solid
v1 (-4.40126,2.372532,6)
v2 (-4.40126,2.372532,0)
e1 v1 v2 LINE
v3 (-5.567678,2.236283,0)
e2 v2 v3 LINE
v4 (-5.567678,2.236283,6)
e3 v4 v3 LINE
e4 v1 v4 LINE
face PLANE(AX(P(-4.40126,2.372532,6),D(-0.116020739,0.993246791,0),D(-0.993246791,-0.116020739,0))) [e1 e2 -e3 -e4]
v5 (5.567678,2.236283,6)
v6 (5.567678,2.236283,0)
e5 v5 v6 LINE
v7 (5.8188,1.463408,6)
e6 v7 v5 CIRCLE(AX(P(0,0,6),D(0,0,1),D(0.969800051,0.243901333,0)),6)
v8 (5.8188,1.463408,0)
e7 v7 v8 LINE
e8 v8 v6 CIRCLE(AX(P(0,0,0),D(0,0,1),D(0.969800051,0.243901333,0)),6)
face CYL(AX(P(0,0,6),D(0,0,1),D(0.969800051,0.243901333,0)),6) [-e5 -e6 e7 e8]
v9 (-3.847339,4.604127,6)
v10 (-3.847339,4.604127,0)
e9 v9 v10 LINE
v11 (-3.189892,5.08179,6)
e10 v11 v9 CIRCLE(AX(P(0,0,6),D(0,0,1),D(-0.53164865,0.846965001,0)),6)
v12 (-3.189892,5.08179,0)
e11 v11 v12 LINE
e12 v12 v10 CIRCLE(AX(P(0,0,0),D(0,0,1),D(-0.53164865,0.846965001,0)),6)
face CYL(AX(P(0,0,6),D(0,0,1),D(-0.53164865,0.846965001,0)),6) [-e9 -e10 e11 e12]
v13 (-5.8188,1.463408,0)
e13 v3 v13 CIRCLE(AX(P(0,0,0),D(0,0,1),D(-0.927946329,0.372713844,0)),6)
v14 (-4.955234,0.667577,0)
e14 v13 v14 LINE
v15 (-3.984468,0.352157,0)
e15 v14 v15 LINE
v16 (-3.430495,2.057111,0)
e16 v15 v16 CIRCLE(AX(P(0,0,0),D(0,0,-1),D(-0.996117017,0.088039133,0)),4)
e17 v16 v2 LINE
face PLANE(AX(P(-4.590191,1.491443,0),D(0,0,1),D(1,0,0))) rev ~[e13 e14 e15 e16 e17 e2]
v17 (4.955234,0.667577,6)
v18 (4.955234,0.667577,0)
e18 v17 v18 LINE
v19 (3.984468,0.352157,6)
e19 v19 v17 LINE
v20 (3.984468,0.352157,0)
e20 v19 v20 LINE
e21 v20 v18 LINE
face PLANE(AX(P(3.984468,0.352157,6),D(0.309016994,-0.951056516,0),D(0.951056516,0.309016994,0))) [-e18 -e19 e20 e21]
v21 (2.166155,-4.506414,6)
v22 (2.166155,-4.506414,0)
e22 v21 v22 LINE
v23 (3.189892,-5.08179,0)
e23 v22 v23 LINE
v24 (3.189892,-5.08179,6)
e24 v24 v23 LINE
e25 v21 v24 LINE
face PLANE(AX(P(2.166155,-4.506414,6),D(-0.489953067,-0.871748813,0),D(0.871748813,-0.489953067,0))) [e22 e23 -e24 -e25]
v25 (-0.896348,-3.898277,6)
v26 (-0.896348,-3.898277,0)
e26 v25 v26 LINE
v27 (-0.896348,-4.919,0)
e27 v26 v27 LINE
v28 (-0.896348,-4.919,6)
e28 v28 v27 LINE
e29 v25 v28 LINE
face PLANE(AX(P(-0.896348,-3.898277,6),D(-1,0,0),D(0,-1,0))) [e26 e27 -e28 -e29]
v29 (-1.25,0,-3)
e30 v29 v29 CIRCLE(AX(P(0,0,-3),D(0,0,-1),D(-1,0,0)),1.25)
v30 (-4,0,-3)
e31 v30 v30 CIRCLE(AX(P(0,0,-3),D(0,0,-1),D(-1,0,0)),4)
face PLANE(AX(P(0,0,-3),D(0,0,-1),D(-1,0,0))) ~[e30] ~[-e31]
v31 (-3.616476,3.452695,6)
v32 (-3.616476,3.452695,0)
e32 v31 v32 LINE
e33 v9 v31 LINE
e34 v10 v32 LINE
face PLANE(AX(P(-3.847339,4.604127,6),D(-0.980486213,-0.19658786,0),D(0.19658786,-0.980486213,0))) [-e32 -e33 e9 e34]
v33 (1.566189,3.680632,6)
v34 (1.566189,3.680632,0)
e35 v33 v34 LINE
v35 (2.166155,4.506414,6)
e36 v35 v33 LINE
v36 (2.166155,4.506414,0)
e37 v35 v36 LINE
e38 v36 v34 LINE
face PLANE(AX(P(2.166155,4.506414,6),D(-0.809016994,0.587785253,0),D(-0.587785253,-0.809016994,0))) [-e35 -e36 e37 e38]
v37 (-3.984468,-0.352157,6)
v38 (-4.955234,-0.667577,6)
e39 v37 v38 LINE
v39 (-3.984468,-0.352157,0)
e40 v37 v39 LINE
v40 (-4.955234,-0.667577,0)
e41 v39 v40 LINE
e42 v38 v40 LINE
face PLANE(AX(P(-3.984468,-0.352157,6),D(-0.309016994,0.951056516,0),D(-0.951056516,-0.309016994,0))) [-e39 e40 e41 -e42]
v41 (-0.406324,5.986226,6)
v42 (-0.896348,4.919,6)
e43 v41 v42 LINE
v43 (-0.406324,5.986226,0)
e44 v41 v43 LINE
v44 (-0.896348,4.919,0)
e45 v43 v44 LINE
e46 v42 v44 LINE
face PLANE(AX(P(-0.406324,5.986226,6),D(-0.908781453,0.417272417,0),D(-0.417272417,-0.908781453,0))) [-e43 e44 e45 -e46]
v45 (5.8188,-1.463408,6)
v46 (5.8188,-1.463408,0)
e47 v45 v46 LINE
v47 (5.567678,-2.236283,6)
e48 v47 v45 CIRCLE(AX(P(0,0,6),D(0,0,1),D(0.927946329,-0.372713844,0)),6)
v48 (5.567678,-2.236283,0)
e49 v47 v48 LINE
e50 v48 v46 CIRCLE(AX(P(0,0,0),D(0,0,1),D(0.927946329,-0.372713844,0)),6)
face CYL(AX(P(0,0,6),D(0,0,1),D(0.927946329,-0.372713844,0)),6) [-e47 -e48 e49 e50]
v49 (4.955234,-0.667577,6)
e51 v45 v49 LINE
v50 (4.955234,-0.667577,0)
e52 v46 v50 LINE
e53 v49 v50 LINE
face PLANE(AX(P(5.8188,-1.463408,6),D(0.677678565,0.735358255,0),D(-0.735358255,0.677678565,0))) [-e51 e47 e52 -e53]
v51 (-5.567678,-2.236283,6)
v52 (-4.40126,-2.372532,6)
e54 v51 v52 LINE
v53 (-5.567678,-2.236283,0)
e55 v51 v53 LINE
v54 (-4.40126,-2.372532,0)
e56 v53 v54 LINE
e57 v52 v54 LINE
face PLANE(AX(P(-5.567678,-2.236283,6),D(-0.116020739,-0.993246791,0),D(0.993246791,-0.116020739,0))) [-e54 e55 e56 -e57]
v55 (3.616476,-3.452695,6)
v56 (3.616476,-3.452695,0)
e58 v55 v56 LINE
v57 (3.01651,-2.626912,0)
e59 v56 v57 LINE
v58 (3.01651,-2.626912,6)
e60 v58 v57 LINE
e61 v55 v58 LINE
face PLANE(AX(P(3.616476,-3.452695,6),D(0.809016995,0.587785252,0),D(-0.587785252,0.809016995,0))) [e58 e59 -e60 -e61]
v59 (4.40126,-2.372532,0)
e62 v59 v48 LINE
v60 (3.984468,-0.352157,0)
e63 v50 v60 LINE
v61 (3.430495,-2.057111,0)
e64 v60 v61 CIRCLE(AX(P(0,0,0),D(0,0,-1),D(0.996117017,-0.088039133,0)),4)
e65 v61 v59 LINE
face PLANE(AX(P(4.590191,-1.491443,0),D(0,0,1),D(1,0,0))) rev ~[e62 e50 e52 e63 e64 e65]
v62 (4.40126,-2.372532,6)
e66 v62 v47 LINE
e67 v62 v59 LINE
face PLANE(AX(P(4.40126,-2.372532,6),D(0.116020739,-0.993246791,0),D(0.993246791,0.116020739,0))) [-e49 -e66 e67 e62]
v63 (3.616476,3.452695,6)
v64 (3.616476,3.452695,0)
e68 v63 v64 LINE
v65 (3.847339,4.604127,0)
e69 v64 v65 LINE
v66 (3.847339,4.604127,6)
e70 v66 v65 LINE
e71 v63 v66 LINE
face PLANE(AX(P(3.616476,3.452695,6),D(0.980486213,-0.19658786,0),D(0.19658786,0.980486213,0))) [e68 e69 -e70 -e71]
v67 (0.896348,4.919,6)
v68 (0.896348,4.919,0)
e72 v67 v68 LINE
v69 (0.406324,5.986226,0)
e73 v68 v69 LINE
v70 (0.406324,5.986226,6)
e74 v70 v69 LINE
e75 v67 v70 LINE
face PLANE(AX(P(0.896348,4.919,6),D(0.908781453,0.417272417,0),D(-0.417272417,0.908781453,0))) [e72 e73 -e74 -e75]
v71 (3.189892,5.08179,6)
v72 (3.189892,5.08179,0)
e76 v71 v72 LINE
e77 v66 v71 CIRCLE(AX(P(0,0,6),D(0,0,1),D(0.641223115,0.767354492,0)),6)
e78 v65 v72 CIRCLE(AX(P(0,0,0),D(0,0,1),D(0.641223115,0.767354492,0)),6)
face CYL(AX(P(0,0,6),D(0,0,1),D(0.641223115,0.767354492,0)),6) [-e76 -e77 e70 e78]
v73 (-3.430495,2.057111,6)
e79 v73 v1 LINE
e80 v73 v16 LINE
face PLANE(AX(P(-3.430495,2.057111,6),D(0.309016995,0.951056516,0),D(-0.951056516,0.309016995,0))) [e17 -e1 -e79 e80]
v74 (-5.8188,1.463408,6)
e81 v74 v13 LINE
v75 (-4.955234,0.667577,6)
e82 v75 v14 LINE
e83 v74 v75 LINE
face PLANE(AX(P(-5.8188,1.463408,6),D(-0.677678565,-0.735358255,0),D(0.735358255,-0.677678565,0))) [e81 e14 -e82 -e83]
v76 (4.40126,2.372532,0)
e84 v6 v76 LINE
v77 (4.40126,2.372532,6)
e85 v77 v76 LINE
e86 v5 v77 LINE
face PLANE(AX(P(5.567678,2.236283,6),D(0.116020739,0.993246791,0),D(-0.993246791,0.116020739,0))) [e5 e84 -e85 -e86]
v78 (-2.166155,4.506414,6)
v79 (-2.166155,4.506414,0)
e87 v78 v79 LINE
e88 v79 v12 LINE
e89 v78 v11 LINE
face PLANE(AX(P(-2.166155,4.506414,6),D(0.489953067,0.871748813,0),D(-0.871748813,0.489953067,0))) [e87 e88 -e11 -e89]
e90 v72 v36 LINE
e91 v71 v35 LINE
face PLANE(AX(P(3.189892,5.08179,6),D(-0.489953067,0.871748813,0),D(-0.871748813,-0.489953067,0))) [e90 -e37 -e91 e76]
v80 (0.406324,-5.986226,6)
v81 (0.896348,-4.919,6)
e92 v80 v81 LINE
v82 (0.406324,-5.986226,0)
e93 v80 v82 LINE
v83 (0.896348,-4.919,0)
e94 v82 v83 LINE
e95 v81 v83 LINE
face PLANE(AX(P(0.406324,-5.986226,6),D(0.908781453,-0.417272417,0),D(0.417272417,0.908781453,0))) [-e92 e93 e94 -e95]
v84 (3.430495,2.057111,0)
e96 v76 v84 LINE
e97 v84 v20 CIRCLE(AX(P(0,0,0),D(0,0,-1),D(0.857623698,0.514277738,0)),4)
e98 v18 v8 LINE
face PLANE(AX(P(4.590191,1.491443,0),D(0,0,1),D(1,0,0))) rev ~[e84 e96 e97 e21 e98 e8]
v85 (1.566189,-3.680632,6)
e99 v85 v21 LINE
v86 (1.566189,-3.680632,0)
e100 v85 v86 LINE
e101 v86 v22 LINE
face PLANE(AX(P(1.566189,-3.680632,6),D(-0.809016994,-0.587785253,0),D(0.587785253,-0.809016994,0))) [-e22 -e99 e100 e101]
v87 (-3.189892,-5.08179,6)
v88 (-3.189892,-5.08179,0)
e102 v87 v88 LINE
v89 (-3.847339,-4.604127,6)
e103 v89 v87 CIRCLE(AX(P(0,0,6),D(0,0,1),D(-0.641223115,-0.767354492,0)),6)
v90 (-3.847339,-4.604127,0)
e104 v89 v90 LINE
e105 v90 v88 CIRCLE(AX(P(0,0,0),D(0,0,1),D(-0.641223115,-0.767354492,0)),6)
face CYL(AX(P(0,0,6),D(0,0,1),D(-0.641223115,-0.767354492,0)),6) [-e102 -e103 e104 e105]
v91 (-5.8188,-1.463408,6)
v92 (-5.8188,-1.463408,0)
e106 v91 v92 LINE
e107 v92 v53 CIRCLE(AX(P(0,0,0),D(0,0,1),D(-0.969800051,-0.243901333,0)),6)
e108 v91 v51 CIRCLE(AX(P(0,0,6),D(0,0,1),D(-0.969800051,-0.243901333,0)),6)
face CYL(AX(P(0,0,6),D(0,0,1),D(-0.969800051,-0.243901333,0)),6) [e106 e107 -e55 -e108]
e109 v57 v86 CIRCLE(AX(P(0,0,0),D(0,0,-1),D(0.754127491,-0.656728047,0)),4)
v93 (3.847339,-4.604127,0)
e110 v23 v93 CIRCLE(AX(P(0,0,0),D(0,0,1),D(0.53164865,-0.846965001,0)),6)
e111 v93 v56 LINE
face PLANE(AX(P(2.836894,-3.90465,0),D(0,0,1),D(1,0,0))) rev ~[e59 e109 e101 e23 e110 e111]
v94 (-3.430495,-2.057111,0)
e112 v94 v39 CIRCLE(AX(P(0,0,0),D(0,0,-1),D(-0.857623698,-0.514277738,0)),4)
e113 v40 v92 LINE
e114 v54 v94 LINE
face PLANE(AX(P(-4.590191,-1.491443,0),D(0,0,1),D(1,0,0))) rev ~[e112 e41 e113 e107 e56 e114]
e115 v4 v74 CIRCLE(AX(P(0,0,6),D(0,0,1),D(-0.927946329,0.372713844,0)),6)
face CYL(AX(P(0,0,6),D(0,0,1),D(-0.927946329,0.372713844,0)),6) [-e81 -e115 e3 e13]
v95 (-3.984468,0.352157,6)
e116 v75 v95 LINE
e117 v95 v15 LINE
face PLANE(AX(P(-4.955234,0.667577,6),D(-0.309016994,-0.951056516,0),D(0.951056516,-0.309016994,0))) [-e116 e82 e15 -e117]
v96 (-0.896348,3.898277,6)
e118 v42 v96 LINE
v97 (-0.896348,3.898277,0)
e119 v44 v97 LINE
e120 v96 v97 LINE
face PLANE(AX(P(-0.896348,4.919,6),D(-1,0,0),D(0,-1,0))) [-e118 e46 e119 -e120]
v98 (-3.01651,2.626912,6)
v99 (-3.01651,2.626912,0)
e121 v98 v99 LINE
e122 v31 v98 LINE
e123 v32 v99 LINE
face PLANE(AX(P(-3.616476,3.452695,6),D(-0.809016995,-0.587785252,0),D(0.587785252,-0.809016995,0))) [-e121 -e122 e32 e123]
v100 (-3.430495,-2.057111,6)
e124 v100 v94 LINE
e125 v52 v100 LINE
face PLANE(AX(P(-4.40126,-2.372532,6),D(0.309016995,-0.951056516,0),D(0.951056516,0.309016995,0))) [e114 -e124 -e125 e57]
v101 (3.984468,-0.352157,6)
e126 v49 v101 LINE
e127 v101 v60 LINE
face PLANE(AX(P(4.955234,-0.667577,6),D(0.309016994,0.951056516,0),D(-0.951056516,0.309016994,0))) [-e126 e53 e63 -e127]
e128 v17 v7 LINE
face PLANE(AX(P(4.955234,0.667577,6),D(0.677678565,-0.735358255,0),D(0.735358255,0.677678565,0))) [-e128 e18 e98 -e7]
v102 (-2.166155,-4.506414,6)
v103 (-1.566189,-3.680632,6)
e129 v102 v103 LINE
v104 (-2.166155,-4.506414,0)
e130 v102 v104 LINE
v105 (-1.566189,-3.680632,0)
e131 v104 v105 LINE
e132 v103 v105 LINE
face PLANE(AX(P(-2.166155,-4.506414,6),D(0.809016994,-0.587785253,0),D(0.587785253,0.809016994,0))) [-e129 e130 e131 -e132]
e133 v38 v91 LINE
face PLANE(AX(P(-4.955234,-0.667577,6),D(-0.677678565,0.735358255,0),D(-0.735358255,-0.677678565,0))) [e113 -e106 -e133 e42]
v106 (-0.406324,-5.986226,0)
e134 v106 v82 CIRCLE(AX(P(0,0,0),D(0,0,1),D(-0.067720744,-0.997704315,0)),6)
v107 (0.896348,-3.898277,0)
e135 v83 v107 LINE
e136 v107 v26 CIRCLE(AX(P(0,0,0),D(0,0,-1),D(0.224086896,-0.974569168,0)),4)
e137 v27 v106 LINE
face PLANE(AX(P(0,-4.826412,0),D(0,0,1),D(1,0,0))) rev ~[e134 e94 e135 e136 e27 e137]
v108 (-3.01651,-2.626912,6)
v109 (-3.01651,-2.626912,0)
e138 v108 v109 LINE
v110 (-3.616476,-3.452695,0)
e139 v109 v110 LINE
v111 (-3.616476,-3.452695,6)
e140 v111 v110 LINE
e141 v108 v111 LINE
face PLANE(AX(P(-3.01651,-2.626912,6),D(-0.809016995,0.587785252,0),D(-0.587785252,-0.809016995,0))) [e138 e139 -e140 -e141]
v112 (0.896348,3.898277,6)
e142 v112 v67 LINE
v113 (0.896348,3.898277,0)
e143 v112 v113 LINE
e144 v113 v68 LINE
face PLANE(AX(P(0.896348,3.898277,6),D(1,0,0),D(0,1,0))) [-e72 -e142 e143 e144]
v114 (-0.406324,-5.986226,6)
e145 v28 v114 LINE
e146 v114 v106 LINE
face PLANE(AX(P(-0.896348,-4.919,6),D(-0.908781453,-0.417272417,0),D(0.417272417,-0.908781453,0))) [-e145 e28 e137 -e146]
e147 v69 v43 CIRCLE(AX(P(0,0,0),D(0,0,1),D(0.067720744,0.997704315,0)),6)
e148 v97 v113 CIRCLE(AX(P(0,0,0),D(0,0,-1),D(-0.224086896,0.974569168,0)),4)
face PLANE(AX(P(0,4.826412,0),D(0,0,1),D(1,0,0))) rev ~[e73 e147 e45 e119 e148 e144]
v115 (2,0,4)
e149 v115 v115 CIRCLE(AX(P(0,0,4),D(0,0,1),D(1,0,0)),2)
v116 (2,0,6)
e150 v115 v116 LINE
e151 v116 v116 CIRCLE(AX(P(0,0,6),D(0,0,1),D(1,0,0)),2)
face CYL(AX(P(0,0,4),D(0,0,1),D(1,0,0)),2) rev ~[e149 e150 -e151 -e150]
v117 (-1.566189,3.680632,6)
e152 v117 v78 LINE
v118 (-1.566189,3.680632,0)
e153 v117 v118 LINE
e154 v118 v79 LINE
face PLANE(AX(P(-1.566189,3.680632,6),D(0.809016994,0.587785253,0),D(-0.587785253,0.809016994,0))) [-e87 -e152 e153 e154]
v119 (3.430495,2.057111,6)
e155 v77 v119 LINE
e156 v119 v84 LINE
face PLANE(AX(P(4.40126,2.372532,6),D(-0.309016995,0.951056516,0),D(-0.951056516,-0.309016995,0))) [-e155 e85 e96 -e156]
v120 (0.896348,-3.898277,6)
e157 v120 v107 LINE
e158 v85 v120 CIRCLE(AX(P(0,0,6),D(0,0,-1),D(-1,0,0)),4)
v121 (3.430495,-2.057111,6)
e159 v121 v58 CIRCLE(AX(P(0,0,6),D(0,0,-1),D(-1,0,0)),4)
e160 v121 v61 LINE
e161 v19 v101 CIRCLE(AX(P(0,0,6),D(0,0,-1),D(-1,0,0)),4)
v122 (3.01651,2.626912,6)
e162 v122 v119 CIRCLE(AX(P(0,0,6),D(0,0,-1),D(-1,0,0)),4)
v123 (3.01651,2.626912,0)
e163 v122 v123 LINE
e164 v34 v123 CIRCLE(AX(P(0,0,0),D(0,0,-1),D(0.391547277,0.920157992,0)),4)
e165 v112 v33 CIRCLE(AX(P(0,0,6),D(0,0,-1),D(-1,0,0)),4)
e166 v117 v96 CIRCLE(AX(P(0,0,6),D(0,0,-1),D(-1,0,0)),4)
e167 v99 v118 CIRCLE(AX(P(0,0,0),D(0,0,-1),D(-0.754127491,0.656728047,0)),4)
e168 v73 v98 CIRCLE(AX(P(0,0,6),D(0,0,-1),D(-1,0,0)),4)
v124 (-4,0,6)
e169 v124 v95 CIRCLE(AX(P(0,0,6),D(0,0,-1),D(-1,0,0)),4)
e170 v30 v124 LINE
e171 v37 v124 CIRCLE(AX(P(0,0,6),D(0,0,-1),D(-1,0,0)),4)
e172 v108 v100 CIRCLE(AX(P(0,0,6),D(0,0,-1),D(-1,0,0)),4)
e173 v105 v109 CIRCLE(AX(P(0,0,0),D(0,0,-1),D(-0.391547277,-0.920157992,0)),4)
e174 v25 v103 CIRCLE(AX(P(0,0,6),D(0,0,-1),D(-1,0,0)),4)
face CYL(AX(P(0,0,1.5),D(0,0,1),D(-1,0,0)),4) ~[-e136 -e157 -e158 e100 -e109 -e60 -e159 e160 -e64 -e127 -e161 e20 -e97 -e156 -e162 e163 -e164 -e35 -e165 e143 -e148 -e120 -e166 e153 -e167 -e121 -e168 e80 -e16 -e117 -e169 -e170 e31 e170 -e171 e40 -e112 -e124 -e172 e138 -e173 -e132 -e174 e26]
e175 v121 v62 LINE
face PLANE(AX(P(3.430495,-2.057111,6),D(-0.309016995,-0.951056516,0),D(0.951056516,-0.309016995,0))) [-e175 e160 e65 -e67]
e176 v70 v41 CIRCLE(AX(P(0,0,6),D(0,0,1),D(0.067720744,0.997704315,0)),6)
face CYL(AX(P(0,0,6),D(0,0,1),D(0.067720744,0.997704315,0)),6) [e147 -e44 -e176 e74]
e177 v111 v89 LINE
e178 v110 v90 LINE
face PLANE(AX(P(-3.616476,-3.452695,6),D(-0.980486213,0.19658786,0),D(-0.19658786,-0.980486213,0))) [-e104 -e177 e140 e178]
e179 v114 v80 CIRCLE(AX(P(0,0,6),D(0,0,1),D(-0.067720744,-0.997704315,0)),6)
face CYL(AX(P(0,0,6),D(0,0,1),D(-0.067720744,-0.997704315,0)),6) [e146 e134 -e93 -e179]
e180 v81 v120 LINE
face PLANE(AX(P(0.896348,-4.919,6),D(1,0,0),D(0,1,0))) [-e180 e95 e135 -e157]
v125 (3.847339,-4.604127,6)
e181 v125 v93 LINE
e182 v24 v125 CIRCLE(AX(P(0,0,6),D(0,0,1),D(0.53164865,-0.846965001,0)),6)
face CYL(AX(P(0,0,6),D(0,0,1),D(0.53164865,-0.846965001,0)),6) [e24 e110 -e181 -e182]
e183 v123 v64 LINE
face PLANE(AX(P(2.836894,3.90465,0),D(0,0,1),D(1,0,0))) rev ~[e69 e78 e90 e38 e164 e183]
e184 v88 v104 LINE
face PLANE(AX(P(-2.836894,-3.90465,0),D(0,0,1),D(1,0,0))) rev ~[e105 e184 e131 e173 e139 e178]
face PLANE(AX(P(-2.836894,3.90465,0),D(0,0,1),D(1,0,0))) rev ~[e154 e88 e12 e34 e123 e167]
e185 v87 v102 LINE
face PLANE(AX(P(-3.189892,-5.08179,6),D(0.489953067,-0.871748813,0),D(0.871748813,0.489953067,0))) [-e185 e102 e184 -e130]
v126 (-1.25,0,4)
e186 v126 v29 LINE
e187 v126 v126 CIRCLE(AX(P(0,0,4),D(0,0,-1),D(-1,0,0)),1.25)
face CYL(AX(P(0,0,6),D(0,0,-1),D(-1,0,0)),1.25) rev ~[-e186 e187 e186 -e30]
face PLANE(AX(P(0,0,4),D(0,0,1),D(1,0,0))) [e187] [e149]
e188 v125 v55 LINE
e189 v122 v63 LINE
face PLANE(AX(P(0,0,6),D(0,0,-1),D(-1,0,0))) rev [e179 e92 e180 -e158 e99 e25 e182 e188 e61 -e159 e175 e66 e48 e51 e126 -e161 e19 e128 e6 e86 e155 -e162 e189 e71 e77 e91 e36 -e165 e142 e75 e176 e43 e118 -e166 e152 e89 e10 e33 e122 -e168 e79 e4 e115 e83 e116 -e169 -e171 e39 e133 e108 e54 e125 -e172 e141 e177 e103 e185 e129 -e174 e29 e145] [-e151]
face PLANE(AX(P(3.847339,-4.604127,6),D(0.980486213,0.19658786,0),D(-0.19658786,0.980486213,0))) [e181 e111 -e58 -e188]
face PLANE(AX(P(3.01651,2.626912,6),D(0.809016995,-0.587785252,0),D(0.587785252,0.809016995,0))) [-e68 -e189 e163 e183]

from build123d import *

# Parameters (mm, degrees)
SKETCH_1_W                   = 4
SKETCH_1_H                   = 9
EXTRUDE_1_DEPTH              = 6
EXTRUDE_2_DEPTH              = 6
EXTRUDE_3_DEPTH              = 6
EXTRUDE_4_DEPTH              = 6
EXTRUDE_5_DEPTH              = 6
EXTRUDE_6_DEPTH              = 6
EXTRUDE_7_DEPTH              = 6
EXTRUDE_8_DEPTH              = 6
EXTRUDE_9_DEPTH              = 6
EXTRUDE_10_DEPTH             = 6
HOLE_WIZARD_M2_1_D           = 2.5
HOLE_WIZARD_M2_1_CBORE_D     = 4
HOLE_WIZARD_M2_1_CBORE_DEPTH = 2


with BuildPart() as part:
    # 草图1 → 旋转1 (revolve)
    with BuildSketch(Plane.XZ, mode=Mode.PRIVATE) as revolve_1_sk:
        with Locations((2, 1.5)):
            Rectangle(SKETCH_1_W, SKETCH_1_H)
    revolve(revolve_1_sk.sketch.rotate(Axis((0, 0, 6), (0, 0, -1)), 180), axis=Axis((0, 0, 6), (0, 0, -1)))

    # 草图2 → 凸台-拉伸1 (add)
    with BuildSketch(Plane.XY.offset(6)):
        with BuildLine():
            Line((3.984468068, 0.352156525), (4.955233641, 0.66757738))
            Line((4.955233641, 0.66757738), (5.818800307, 1.463408004))
            ThreePointArc((5.818800307, 1.463408004), (5.706339098, 1.854101966), (5.567677978, 2.236283062))
            Line((5.567677978, 2.236283062), (4.401260366, 2.372531811))
            Line((4.401260366, 2.372531811), (3.430494792, 2.057110955))
            ThreePointArc((3.430494792, 2.057110955), (3.804226065, 1.236067977), (3.984468068, 0.352156525))
        make_face()
    extrude(amount=-EXTRUDE_1_DEPTH)

    # 草图3 → 凸台-拉伸2 (add)
    with BuildSketch(Plane.XY.offset(6)):
        with BuildLine():
            Line((3.016509969, 2.626912182), (3.616476088, 3.452694702))
            Line((3.616476088, 3.452694702), (3.847338693, 4.604126951))
            ThreePointArc((3.847338693, 4.604126951), (3.526711514, 4.854101966), (3.1898919, 5.081790006))
            Line((3.1898919, 5.081790006), (2.166155224, 4.506414489))
            Line((2.166155224, 4.506414489), (1.566189104, 3.680631969))
            ThreePointArc((1.566189104, 3.680631969), (2.351141009, 3.236067977), (3.016509969, 2.626912182))
        make_face()
    extrude(amount=-EXTRUDE_2_DEPTH)

    # 草图4 → 凸台-拉伸3 (add)
    with BuildSketch(Plane.XY.offset(6)):
        with BuildLine():
            Line((0.896347589, 3.898276671), (0.896347589, 4.919))
            Line((0.896347589, 4.919), (0.406324464, 5.986225892))
            ThreePointArc((0.406324464, 5.986225892), (0, 6), (-0.406324464, 5.986225892))
            Line((-0.406324464, 5.986225892), (-0.896347589, 4.919))
            Line((-0.896347589, 4.919), (-0.896347589, 3.898276671))
            ThreePointArc((-0.896347589, 3.898276671), (0, 4), (0.896347589, 3.898276671))
        make_face()
    extrude(amount=-EXTRUDE_3_DEPTH)

    # 草图5 → 凸台-拉伸4 (add)
    with BuildSketch(Plane.XY.offset(6)):
        with BuildLine():
            Line((-1.566189104, 3.680631969), (-2.166155224, 4.506414489))
            Line((-2.166155224, 4.506414489), (-3.1898919, 5.081790006))
            ThreePointArc((-3.1898919, 5.081790006), (-3.526711514, 4.854101966), (-3.847338693, 4.604126951))
            Line((-3.847338693, 4.604126951), (-3.616476088, 3.452694702))
            Line((-3.616476088, 3.452694702), (-3.016509969, 2.626912182))
            ThreePointArc((-3.016509969, 2.626912182), (-2.351141009, 3.236067977), (-1.566189104, 3.680631969))
        make_face()
    extrude(amount=-EXTRUDE_4_DEPTH)

    # 草图6 → 凸台-拉伸5 (add)
    with BuildSketch(Plane.XY.offset(6)):
        with BuildLine():
            Line((-3.430494792, 2.057110955), (-4.401260366, 2.372531811))
            Line((-4.401260366, 2.372531811), (-5.567677978, 2.236283062))
            ThreePointArc((-5.567677978, 2.236283062), (-5.706339098, 1.854101966), (-5.818800307, 1.463408004))
            Line((-5.818800307, 1.463408004), (-4.955233641, 0.66757738))
            Line((-4.955233641, 0.66757738), (-3.984468068, 0.352156525))
            ThreePointArc((-3.984468068, 0.352156525), (-3.804226065, 1.236067977), (-3.430494792, 2.057110955))
        make_face()
    extrude(amount=-EXTRUDE_5_DEPTH)

    # 草图7 → 凸台-拉伸6 (add)
    with BuildSketch(Plane.XY.offset(6)):
        with BuildLine():
            Line((-3.984468068, -0.352156525), (-4.955233641, -0.66757738))
            Line((-4.955233641, -0.66757738), (-5.818800307, -1.463408004))
            ThreePointArc((-5.818800307, -1.463408004), (-5.706339098, -1.854101966), (-5.567677978, -2.236283062))
            Line((-5.567677978, -2.236283062), (-4.401260366, -2.372531811))
            Line((-4.401260366, -2.372531811), (-3.430494792, -2.057110955))
            ThreePointArc((-3.430494792, -2.057110955), (-3.804226065, -1.236067977), (-3.984468068, -0.352156525))
        make_face()
    extrude(amount=-EXTRUDE_6_DEPTH)

    # 草图8 → 凸台-拉伸7 (add)
    with BuildSketch(Plane.XY.offset(6)):
        with BuildLine():
            Line((-3.016509969, -2.626912182), (-3.616476088, -3.452694702))
            Line((-3.616476088, -3.452694702), (-3.847338693, -4.604126951))
            ThreePointArc((-3.847338693, -4.604126951), (-3.526711514, -4.854101966), (-3.1898919, -5.081790006))
            Line((-3.1898919, -5.081790006), (-2.166155224, -4.506414489))
            Line((-2.166155224, -4.506414489), (-1.566189104, -3.680631969))
            ThreePointArc((-1.566189104, -3.680631969), (-2.351141009, -3.236067977), (-3.016509969, -2.626912182))
        make_face()
    extrude(amount=-EXTRUDE_7_DEPTH)

    # 草图9 → 凸台-拉伸8 (add)
    with BuildSketch(Plane.XY.offset(6)):
        with BuildLine():
            Line((-0.896347589, -3.898276671), (-0.896347589, -4.919))
            Line((-0.896347589, -4.919), (-0.406324464, -5.986225892))
            ThreePointArc((-0.406324464, -5.986225892), (0, -6), (0.406324464, -5.986225892))
            Line((0.406324464, -5.986225892), (0.896347589, -4.919))
            Line((0.896347589, -4.919), (0.896347589, -3.898276671))
            ThreePointArc((0.896347589, -3.898276671), (0, -4), (-0.896347589, -3.898276671))
        make_face()
    extrude(amount=-EXTRUDE_8_DEPTH)

    # 草图10 → 凸台-拉伸9 (add)
    with BuildSketch(Plane.XY.offset(6)):
        with BuildLine():
            Line((1.566189104, -3.680631969), (2.166155224, -4.506414489))
            Line((2.166155224, -4.506414489), (3.1898919, -5.081790006))
            ThreePointArc((3.1898919, -5.081790006), (3.526711514, -4.854101966), (3.847338693, -4.604126951))
            Line((3.847338693, -4.604126951), (3.616476088, -3.452694702))
            Line((3.616476088, -3.452694702), (3.016509969, -2.626912182))
            ThreePointArc((3.016509969, -2.626912182), (2.351141009, -3.236067977), (1.566189104, -3.680631969))
        make_face()
    extrude(amount=-EXTRUDE_9_DEPTH)

    # 草图11 → 凸台-拉伸10 (add)
    with BuildSketch(Plane.XY.offset(6)):
        with BuildLine():
            Line((3.430494792, -2.057110955), (4.401260366, -2.372531811))
            Line((4.401260366, -2.372531811), (5.567677978, -2.236283062))
            ThreePointArc((5.567677978, -2.236283062), (5.706339098, -1.854101966), (5.818800307, -1.463408004))
            Line((5.818800307, -1.463408004), (4.955233641, -0.66757738))
            Line((4.955233641, -0.66757738), (3.984468068, -0.352156525))
            ThreePointArc((3.984468068, -0.352156525), (3.804226065, -1.236067977), (3.430494792, -2.057110955))
        make_face()
    extrude(amount=-EXTRUDE_10_DEPTH)

    # M2 六角头机械螺钉的柱形沉头孔1 (through all)
    with Locations(Plane.XY.offset(6)):
        with Locations((0, 0)):
            CounterBoreHole(HOLE_WIZARD_M2_1_D / 2, HOLE_WIZARD_M2_1_CBORE_D / 2, HOLE_WIZARD_M2_1_CBORE_DEPTH)


solid = part.part
